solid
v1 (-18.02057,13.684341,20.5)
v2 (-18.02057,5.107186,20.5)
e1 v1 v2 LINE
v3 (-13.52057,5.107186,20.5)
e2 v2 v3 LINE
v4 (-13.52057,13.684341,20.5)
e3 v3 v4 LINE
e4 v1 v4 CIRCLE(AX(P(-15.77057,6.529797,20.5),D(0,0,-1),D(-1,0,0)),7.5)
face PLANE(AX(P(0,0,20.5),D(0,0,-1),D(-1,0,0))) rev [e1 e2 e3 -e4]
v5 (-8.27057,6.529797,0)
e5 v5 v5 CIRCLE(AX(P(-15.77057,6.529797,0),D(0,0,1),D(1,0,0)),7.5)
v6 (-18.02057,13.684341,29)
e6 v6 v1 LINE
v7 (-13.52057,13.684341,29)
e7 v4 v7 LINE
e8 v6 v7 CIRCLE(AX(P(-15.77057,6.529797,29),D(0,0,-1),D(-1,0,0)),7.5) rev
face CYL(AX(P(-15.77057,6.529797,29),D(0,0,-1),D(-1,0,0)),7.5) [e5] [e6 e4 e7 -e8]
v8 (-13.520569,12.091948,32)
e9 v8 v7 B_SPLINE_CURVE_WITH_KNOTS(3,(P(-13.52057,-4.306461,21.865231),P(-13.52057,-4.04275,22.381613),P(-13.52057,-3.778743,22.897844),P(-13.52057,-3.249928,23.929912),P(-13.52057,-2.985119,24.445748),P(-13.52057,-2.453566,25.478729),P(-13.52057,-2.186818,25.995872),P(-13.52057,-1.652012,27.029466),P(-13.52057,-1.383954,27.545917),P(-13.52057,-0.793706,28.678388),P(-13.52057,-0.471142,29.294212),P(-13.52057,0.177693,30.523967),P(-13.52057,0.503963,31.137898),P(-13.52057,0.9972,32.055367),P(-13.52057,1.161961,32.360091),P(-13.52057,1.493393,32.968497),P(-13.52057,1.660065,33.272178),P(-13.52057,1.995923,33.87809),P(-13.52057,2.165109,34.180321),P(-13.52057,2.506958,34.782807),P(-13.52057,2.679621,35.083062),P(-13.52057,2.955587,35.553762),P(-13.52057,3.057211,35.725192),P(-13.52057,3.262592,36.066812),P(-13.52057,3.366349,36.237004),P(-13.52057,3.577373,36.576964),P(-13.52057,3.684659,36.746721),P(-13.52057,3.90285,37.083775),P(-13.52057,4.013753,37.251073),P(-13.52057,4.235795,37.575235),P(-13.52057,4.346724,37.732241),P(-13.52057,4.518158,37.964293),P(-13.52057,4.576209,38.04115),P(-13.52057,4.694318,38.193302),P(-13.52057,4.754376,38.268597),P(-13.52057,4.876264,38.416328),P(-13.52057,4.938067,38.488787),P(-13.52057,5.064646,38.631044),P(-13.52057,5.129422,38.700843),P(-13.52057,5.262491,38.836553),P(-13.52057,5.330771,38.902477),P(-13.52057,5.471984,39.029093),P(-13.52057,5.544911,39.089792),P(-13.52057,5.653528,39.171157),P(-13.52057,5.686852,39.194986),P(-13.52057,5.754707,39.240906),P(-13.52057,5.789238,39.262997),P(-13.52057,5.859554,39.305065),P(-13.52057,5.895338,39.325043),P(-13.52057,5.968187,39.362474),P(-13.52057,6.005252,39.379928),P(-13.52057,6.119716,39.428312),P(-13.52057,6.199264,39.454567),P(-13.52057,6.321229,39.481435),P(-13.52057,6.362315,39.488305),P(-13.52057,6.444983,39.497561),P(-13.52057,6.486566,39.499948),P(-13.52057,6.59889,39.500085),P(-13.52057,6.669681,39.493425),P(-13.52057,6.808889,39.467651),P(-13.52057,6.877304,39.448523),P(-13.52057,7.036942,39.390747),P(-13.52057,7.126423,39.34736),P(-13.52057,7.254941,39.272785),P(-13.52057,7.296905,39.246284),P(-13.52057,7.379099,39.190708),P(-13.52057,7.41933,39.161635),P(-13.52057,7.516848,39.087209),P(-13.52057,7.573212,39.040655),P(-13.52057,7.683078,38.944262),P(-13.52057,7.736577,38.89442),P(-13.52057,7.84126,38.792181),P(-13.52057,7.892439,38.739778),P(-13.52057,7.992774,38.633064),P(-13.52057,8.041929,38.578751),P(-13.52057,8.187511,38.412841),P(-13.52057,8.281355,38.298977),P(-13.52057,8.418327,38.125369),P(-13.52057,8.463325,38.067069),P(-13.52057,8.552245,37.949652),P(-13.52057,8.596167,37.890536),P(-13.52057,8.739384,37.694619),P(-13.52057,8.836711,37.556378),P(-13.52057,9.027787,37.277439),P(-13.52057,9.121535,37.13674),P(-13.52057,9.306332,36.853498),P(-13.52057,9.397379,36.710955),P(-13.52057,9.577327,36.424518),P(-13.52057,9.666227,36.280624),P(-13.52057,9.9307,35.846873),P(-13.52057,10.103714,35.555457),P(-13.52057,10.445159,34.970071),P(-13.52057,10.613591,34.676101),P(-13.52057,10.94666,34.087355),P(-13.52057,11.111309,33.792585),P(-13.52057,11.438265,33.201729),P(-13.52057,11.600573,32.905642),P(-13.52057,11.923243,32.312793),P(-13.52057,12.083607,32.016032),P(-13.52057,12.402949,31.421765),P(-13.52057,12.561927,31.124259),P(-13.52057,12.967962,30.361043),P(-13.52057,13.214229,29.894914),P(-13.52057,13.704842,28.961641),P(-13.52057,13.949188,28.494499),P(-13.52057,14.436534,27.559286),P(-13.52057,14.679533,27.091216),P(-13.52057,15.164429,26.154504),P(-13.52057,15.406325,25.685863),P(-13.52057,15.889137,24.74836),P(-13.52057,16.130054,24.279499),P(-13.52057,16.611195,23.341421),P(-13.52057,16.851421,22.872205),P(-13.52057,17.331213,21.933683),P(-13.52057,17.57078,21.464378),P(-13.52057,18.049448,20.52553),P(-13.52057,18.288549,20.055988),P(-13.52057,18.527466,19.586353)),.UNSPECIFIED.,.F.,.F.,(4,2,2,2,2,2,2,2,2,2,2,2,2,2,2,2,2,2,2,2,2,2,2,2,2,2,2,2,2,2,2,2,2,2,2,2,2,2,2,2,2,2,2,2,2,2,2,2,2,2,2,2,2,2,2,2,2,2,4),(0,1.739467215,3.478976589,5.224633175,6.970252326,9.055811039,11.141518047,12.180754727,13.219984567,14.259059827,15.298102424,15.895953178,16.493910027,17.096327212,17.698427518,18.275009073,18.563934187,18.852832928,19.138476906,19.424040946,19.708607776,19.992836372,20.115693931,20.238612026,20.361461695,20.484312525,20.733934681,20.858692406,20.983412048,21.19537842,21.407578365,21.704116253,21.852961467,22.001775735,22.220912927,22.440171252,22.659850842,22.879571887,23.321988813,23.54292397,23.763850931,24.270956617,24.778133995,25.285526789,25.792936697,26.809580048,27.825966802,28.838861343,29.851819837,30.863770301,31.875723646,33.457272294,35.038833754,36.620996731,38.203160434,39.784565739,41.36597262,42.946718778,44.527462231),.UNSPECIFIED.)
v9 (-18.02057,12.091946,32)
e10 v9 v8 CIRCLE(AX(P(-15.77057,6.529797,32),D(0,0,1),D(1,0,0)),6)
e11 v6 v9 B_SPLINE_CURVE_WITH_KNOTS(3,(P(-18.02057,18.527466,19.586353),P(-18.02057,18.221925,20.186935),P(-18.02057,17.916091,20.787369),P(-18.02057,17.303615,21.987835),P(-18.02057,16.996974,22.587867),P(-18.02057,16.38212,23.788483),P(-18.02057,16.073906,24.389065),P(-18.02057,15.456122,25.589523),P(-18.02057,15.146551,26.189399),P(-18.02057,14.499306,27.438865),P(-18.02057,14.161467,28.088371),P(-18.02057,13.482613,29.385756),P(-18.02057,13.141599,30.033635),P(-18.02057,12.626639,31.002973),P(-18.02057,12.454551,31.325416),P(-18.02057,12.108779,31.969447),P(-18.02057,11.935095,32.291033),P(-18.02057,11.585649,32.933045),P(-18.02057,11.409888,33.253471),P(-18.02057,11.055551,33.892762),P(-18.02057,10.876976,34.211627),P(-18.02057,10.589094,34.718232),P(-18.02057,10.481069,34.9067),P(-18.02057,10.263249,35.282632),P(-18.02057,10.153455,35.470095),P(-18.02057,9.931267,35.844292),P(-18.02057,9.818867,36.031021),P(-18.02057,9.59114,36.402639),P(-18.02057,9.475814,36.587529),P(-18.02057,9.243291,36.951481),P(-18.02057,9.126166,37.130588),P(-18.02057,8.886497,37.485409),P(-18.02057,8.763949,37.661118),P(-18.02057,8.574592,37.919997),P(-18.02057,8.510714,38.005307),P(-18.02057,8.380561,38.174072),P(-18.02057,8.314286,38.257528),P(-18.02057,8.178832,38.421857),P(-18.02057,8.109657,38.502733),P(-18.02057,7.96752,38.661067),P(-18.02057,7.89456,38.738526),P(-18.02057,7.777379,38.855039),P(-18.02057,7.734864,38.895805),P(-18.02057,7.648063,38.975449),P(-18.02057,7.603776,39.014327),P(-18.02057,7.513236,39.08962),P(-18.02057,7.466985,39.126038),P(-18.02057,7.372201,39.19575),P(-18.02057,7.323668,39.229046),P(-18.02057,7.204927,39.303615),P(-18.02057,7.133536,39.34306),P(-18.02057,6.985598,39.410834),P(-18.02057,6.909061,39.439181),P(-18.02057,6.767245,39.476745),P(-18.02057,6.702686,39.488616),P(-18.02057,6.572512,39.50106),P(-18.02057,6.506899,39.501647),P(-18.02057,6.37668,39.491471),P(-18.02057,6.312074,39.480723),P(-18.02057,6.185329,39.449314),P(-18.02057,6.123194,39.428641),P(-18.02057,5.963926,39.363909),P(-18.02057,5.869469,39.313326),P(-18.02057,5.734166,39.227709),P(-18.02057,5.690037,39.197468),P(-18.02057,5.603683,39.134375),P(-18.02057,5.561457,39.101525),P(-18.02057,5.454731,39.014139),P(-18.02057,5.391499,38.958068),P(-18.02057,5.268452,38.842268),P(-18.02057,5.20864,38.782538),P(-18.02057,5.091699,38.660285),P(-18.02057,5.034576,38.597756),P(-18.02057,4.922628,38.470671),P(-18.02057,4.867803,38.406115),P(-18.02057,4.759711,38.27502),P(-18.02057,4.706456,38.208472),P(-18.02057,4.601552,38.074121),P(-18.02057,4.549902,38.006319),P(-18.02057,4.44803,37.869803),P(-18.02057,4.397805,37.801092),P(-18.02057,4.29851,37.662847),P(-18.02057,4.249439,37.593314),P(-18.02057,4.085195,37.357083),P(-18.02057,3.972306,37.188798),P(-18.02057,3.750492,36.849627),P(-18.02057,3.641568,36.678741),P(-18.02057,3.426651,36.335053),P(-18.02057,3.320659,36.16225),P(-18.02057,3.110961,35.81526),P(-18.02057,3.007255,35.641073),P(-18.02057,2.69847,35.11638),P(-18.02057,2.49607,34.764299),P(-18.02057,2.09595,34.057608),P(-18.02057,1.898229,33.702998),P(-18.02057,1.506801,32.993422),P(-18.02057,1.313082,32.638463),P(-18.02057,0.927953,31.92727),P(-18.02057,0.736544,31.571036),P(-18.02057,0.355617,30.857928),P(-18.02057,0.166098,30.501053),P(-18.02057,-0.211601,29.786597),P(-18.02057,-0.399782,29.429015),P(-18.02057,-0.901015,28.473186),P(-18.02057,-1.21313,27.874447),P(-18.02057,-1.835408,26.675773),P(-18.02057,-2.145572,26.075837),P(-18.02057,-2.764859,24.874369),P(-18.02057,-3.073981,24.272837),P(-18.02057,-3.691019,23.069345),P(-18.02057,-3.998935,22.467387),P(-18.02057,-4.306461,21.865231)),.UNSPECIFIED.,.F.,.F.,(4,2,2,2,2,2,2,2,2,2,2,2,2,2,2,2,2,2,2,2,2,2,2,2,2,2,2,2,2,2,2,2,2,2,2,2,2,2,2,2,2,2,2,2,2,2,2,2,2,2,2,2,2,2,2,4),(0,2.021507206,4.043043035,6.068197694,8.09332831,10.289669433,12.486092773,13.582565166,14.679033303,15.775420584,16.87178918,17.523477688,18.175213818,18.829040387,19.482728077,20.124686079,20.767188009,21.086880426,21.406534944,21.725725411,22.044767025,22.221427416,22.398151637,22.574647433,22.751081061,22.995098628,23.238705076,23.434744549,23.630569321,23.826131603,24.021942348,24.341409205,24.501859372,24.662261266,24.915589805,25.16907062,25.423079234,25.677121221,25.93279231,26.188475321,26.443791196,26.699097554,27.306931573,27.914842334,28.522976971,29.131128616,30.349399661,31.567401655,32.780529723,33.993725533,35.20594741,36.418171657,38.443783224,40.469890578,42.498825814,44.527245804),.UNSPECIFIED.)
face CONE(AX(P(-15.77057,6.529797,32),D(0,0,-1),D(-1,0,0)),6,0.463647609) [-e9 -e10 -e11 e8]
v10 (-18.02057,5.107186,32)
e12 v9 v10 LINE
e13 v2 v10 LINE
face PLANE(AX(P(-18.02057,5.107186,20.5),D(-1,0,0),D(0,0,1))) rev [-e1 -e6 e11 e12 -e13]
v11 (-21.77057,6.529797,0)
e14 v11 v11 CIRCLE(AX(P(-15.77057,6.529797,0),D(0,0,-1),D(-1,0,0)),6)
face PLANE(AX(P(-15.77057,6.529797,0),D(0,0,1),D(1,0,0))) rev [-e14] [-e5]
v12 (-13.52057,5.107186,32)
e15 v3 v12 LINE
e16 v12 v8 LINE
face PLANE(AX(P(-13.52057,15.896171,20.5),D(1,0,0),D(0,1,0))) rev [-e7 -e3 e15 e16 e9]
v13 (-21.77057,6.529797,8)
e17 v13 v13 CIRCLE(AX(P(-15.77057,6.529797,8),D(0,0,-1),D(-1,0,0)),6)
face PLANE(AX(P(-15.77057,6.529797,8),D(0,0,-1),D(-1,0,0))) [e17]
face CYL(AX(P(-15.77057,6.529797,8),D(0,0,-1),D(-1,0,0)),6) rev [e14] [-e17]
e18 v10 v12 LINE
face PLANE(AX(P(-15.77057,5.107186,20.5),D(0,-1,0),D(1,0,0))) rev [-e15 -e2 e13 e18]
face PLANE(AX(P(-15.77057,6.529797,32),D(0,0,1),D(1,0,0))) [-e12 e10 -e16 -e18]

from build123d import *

# Parameters (mm, degrees)
ESQUISSE1_R             = 7.5
BOSS_EXTRU_2_DEPTH      = 29
ESQUISSE10_R            = 6
ESQUISSE11_R            = 6
ENL_V_MAT_EXTRU_1_DEPTH = 8
ENL_V_MAT_EXTRU_2_DEPTH = 11.5


with BuildPart() as part:
    # Esquisse1 → Boss.-Extru.2 (new body)
    with BuildSketch(Plane.XY):
        with Locations(Location((-15.770569557, 6.529797245, 0), (0, 0, 180))):
            Circle(ESQUISSE1_R)
    extrude(amount=BOSS_EXTRU_2_DEPTH)

    # Esquisse10 → section 1 of lissage3
    with BuildSketch(Plane.XY.offset(32), mode=Mode.PRIVATE) as lissage3_s1:
        with Locations((-15.770569557, 6.529797245)):
            Circle(ESQUISSE10_R)
    # loft up to a face of the part (lissage3)
    loft([Face(Wire([part.edges().sort_by_distance((-10.636466262, 1.062532539, 29))[0]])), lissage3_s1.sketch])

    # Esquisse11 → Enlèv. mat.-Extru.1 (cut)
    with BuildSketch(Plane(origin=(0, 0, 0), x_dir=(-1, 0, 0), z_dir=(0, 0, -1))):
        with Locations((15.770569557, 6.529797245)):
            Circle(ESQUISSE11_R)
    extrude(amount=-ENL_V_MAT_EXTRU_1_DEPTH, mode=Mode.SUBTRACT)

    # Esquisse13 → Enlèv. mat.-Extru.2 (cut)
    with BuildSketch(Plane.XY.offset(32)):
        Polygon((-15.770569557, 5.107185968), (-18.020569557, 5.107185968), (-18.020569557, 15.896170682), (-13.520569557, 15.896170682), (-13.520569557, 5.107185968), align=None)
    extrude(amount=-ENL_V_MAT_EXTRU_2_DEPTH, mode=Mode.SUBTRACT)


solid = part.part
